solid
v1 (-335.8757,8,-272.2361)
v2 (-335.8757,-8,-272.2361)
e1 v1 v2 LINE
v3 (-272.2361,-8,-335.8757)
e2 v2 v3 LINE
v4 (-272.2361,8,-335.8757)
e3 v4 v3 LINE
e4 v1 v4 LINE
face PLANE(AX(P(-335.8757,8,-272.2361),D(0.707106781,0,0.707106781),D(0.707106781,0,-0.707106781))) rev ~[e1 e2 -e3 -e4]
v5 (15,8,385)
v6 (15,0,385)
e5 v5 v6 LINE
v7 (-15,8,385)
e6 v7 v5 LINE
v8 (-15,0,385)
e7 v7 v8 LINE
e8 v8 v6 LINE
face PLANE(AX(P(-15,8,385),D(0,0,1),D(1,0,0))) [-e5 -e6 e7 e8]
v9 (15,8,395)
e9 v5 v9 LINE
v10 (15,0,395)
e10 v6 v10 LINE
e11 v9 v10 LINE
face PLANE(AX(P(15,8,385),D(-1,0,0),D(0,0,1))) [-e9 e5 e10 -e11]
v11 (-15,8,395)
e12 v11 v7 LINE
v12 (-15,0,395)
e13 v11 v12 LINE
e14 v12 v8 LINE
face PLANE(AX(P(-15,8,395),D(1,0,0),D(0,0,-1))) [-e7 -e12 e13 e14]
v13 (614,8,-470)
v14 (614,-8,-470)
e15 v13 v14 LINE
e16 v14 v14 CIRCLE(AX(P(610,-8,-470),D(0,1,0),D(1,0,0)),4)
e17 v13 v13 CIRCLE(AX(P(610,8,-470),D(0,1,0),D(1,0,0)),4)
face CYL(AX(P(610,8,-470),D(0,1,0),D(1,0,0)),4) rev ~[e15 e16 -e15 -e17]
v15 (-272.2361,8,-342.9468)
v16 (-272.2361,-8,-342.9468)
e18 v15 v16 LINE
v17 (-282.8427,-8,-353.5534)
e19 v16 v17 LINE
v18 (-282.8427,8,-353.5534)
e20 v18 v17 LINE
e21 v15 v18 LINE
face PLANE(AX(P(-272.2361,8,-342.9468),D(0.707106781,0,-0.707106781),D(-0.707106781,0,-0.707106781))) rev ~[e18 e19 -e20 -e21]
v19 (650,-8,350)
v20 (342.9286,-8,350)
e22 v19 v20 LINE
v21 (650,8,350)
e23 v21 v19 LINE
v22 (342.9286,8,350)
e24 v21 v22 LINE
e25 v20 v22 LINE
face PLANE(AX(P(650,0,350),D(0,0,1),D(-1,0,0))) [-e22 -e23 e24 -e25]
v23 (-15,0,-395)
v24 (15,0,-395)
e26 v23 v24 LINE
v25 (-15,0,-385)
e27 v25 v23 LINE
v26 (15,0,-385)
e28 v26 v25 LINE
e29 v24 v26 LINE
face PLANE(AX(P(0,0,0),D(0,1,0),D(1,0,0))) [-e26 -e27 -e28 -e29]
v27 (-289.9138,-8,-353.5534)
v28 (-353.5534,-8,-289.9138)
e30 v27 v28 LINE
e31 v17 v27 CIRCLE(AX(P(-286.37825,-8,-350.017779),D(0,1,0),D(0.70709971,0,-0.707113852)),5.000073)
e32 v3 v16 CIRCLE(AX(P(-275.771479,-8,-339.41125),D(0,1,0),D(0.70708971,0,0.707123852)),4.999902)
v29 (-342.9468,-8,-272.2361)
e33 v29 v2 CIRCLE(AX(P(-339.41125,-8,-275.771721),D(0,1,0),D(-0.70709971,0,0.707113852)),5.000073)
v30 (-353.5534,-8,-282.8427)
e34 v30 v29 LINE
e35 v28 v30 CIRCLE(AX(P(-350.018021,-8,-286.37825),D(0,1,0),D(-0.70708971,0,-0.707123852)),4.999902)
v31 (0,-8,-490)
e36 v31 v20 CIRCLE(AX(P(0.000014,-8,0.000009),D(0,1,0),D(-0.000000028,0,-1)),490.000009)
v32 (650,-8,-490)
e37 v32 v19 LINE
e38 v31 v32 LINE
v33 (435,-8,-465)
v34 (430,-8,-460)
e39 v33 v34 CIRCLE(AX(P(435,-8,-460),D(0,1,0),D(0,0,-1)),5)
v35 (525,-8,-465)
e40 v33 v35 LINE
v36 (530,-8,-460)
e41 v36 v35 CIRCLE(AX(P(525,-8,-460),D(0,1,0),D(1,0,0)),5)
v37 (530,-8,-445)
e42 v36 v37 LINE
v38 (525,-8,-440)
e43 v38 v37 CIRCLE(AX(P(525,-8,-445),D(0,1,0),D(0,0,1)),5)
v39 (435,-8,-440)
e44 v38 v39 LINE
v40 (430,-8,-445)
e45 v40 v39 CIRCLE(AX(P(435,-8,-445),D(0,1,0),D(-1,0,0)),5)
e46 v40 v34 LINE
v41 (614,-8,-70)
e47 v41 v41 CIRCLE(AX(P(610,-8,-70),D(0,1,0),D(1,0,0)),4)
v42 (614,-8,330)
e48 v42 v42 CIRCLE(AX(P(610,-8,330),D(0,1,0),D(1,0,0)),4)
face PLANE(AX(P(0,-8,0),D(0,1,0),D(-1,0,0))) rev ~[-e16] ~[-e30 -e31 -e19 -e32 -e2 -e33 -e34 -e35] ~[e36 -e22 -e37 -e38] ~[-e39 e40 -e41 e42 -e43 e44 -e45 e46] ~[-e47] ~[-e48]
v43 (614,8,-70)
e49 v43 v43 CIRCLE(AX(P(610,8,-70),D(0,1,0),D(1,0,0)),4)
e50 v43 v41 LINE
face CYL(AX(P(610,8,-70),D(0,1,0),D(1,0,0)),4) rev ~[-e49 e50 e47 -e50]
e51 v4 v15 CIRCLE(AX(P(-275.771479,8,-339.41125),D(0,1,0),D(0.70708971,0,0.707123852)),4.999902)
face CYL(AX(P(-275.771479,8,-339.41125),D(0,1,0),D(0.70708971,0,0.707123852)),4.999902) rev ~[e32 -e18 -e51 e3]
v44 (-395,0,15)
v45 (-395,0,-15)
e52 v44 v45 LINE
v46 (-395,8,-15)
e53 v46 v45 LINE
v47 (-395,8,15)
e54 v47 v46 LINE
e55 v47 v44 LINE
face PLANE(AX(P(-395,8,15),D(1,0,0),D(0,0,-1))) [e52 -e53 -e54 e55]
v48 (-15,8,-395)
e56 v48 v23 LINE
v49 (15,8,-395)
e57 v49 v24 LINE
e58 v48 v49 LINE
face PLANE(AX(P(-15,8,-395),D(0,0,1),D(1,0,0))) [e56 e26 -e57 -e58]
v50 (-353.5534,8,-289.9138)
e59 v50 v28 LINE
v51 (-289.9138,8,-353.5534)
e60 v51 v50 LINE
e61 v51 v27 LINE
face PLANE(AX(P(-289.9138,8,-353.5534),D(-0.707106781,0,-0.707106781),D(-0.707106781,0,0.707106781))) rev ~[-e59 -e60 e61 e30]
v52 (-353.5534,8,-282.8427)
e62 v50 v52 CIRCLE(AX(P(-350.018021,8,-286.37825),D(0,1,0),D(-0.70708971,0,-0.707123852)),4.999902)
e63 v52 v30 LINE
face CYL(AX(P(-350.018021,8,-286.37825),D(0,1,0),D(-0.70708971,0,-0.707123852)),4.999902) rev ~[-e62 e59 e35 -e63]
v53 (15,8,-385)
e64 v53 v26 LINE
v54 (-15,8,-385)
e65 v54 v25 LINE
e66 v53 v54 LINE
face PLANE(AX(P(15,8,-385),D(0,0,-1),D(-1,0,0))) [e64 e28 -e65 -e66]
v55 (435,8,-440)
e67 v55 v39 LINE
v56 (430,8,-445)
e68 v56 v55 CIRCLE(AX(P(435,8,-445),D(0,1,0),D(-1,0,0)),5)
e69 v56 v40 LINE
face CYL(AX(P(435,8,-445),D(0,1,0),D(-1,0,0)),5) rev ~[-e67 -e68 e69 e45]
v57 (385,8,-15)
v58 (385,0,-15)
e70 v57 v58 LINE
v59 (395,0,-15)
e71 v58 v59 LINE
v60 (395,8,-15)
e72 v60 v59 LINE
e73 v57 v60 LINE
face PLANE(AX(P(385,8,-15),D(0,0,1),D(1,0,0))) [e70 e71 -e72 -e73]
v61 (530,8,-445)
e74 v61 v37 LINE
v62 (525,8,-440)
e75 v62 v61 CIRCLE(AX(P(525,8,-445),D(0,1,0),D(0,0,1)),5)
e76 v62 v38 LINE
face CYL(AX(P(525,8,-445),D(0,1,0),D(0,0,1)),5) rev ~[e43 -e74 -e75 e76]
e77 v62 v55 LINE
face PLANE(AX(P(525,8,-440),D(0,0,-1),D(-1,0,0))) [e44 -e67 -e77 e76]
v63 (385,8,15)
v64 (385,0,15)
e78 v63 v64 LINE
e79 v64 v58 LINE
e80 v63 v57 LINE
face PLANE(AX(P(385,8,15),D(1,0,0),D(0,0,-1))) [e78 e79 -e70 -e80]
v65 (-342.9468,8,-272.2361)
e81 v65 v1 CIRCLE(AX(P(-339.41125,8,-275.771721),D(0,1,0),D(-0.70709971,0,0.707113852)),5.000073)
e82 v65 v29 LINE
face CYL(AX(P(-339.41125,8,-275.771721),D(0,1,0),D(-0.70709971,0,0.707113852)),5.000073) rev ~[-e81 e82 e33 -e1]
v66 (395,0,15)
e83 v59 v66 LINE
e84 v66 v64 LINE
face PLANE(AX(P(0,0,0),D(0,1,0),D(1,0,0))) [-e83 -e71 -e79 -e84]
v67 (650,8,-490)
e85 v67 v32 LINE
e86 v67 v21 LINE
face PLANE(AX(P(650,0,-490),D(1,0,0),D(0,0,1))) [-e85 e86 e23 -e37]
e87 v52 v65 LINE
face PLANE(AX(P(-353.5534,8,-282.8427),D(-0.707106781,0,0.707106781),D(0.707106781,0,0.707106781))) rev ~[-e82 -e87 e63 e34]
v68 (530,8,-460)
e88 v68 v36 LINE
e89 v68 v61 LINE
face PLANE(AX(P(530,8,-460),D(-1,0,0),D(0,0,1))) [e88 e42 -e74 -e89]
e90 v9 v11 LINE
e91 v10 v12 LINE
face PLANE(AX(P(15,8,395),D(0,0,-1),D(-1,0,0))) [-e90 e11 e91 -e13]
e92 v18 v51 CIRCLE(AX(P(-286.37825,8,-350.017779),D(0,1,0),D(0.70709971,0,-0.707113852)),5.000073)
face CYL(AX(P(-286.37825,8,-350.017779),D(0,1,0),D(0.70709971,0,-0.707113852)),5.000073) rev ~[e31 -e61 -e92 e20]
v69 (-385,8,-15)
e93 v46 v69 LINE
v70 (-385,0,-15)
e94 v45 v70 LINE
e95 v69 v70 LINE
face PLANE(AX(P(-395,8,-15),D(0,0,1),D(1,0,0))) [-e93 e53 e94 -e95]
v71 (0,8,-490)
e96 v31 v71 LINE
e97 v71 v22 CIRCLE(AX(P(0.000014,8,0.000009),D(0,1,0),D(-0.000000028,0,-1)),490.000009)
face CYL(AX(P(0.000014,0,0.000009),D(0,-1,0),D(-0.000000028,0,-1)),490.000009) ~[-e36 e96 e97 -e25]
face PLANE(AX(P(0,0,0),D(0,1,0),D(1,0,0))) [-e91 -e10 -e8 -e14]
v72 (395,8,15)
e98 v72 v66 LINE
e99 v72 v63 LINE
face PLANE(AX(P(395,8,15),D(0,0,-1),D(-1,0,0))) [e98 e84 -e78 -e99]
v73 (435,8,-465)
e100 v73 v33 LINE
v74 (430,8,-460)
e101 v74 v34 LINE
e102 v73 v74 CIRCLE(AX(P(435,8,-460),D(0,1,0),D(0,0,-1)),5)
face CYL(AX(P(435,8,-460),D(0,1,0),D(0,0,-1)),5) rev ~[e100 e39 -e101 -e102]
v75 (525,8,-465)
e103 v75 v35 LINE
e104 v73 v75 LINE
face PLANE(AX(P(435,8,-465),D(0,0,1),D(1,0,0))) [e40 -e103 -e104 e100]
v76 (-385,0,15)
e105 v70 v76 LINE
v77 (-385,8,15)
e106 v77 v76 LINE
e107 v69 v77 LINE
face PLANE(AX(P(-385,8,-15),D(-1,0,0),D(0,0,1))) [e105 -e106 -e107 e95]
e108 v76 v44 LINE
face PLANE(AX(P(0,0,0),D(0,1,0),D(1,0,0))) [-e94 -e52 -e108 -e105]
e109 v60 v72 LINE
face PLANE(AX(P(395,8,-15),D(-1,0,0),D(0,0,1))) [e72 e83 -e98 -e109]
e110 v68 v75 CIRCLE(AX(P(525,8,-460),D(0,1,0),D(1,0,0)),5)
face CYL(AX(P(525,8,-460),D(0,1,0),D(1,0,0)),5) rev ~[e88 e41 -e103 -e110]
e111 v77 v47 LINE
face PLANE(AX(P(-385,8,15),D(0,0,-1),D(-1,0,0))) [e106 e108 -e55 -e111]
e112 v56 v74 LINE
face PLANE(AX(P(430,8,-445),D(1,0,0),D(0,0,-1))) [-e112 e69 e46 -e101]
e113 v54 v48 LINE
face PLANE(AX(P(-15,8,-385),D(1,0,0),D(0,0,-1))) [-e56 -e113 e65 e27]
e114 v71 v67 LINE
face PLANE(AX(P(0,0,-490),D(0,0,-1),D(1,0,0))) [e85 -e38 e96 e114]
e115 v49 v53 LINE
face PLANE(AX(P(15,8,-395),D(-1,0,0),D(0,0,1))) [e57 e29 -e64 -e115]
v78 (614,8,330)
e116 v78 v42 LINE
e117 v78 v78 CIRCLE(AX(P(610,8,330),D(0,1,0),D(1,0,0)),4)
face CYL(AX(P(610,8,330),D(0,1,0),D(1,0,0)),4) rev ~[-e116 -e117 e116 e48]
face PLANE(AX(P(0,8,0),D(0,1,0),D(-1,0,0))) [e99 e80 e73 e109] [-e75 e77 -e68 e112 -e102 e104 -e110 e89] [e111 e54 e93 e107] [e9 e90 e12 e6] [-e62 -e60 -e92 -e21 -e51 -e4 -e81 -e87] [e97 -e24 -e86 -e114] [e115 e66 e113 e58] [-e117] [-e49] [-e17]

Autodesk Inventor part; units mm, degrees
ref_plane "YZ Plane" through (0, 0, 0) normal (1, 0, 0) x (0, 1, 0)
ref_plane "XZ Plane" through (0, 0, 0) normal (0, 1, 0) x (-1, 0, 0)
ref_plane "XY Plane" through (0, 0, 0) normal (0, 0, 1) x (1, 0, 0)
sketch "Sketch1" plane through (0, 0, 0) normal (0, 1, 0) x (-1, 0, 0)
  arc A0 (0, -490) -> (-342.9286, 350) centre (0, 0) ccw
  line L0 (0, -490) -> (-650, -490)
  line L1 (-650, -490) -> (-650, 350)
  line L2 (-650, 350) -> (-342.9286, 350)
  dimension "d1" = 980
  dimension "d2" = 350
  dimension "d3" = 650
extrude "Extrusion1" add sketch "Sketch1" along normal mid plane 16
sketch "Sketch2" plane through (0, 8, 0) normal (0, 1, 0) x (1, 0, 0)
  arc A0 (0, 490) -> (342.9286, -350) centre (0, 0) ccw projected
  line L0 (650, -350) -> (650, 490) projected
  line L1 (650, 490) -> (0, 490) projected
  line L2 (435, 465) -> (525, 465)
  line L3 (530, 460) -> (530, 445)
  line L4 (525, 440) -> (435, 440)
  line L5 (430, 445) -> (430, 460)
  arc A1 (435, 465) -> (430, 460) centre (435, 460) ccw
  arc A2 (430, 445) -> (435, 440) centre (435, 445) ccw
  arc A3 (525, 440) -> (530, 445) centre (525, 445) ccw
  arc A4 (530, 460) -> (525, 465) centre (525, 460) ccw
  line L6 (0, 0) -> (-346.4823, 346.4823) construction
  line L7 (-289.9138, 353.5534) -> (-353.5534, 289.9138)
  line L8 (-353.5534, 282.8427) -> (-342.9468, 272.2361)
  line L9 (-335.8757, 272.2361) -> (-272.2361, 335.8757)
  line L10 (-272.2361, 342.9468) -> (-282.8427, 353.5534)
  arc A5 (-353.5534, 289.9138) -> (-353.5534, 282.8427) centre (-350.0179, 286.3782) ccw
  arc A6 (-342.9468, 272.2361) -> (-335.8757, 272.2361) centre (-339.4113, 275.7716) ccw
  arc A7 (-272.2361, 335.8757) -> (-272.2361, 342.9468) centre (-275.7716, 339.4113) ccw
  arc A8 (-282.8427, 353.5534) -> (-289.9138, 353.5534) centre (-286.3782, 350.0179) ccw
  point P0 (430, 465)
  point P1 (530, 465)
  point P2 (430, 440)
  dimension "d6" = 100
  dimension "d7" = 25
  dimension "d8" = 25
  dimension "d9" = 120
  dimension "d10" = 5
  dimension "d11" = 45
  dimension "d15" = 25
  dimension "d16" = 100
  dimension "d17" = 430
  dimension "d18" = 90
  dimension "d19" = 5
extrude "Extrusion2" cut sketch "Sketch2" against normal through all
sketch "Sketch3" plane through (0, 8, 0) normal (0, 1, 0) x (1, 0, 0)
  circle A0 centre (610, 470) radius 4
  circle A1 centre (610, -330) radius 4
  circle A2 centre (610, 70) radius 4
  circle A3 centre (610, 470) radius 2.75 projected
  circle A4 centre (610, 70) radius 2.75 projected
  circle A5 centre (610, -330) radius 2.75 projected
  dimension "d22" = 8
extrude "Extrusion3" cut sketch "Sketch3" against normal through all contours A0 | A1 | A2 | A3 | A4 | A5
ref_plane "Work Plane1" through (0, 0, 0) normal (-0.7071, 0, -0.7071) x (-0.7071, 0, 0.7071)
ref_plane "Work Plane2" through (500, 8, 350) normal (1, 0, 0) x (0, 0, -1)
ref_plane "Work Plane3" through (342.9286, 8, 180) normal (0, 0, 1) x (1, 0, 0)
sketch "Sketch4" plane through (0, 8, 0) normal (0, 1, 0) x (1, 0, 0)
  arc A0 (0, 490) -> (342.9286, -350) centre (0, 0) ccw projected
  line L0 (-380, -100) -> (-380, 100) construction
  line L1 (-100, 380) -> (100, 380) construction
  line L2 (380, 100) -> (380, -100) construction
  line L3 (100, -380) -> (-100, -380) construction
  line L4 (-15, -385) -> (15, -385)
  line L5 (15, -385) -> (15, -395)
  line L6 (15, -395) -> (-15, -395)
  line L7 (-15, -395) -> (-15, -385)
  line L8 (-395, 15) -> (-385, 15)
  line L9 (-385, 15) -> (-385, -15)
  line L10 (-385, -15) -> (-395, -15)
  line L11 (-395, -15) -> (-395, 15)
  line L12 (-15, 395) -> (15, 395)
  line L13 (15, 395) -> (15, 385)
  line L14 (15, 385) -> (-15, 385)
  line L15 (-15, 385) -> (-15, 395)
  line L16 (385, 15) -> (395, 15)
  line L17 (395, 15) -> (395, -15)
  line L18 (395, -15) -> (385, -15)
  line L19 (385, -15) -> (385, 15)
  line L20 (0, 0) -> (-490, 0) construction
  line L21 (0, 0) -> (0, 490) construction
  dimension "d27" = 5
  dimension "d28" = 5
  dimension "d29" = 10
  dimension "d30" = 30
extrude "Extrusion4" cut sketch "Sketch4" against normal blind 8
properties part number "Base_Left" material "MDF Medium Density Fiberboard"
